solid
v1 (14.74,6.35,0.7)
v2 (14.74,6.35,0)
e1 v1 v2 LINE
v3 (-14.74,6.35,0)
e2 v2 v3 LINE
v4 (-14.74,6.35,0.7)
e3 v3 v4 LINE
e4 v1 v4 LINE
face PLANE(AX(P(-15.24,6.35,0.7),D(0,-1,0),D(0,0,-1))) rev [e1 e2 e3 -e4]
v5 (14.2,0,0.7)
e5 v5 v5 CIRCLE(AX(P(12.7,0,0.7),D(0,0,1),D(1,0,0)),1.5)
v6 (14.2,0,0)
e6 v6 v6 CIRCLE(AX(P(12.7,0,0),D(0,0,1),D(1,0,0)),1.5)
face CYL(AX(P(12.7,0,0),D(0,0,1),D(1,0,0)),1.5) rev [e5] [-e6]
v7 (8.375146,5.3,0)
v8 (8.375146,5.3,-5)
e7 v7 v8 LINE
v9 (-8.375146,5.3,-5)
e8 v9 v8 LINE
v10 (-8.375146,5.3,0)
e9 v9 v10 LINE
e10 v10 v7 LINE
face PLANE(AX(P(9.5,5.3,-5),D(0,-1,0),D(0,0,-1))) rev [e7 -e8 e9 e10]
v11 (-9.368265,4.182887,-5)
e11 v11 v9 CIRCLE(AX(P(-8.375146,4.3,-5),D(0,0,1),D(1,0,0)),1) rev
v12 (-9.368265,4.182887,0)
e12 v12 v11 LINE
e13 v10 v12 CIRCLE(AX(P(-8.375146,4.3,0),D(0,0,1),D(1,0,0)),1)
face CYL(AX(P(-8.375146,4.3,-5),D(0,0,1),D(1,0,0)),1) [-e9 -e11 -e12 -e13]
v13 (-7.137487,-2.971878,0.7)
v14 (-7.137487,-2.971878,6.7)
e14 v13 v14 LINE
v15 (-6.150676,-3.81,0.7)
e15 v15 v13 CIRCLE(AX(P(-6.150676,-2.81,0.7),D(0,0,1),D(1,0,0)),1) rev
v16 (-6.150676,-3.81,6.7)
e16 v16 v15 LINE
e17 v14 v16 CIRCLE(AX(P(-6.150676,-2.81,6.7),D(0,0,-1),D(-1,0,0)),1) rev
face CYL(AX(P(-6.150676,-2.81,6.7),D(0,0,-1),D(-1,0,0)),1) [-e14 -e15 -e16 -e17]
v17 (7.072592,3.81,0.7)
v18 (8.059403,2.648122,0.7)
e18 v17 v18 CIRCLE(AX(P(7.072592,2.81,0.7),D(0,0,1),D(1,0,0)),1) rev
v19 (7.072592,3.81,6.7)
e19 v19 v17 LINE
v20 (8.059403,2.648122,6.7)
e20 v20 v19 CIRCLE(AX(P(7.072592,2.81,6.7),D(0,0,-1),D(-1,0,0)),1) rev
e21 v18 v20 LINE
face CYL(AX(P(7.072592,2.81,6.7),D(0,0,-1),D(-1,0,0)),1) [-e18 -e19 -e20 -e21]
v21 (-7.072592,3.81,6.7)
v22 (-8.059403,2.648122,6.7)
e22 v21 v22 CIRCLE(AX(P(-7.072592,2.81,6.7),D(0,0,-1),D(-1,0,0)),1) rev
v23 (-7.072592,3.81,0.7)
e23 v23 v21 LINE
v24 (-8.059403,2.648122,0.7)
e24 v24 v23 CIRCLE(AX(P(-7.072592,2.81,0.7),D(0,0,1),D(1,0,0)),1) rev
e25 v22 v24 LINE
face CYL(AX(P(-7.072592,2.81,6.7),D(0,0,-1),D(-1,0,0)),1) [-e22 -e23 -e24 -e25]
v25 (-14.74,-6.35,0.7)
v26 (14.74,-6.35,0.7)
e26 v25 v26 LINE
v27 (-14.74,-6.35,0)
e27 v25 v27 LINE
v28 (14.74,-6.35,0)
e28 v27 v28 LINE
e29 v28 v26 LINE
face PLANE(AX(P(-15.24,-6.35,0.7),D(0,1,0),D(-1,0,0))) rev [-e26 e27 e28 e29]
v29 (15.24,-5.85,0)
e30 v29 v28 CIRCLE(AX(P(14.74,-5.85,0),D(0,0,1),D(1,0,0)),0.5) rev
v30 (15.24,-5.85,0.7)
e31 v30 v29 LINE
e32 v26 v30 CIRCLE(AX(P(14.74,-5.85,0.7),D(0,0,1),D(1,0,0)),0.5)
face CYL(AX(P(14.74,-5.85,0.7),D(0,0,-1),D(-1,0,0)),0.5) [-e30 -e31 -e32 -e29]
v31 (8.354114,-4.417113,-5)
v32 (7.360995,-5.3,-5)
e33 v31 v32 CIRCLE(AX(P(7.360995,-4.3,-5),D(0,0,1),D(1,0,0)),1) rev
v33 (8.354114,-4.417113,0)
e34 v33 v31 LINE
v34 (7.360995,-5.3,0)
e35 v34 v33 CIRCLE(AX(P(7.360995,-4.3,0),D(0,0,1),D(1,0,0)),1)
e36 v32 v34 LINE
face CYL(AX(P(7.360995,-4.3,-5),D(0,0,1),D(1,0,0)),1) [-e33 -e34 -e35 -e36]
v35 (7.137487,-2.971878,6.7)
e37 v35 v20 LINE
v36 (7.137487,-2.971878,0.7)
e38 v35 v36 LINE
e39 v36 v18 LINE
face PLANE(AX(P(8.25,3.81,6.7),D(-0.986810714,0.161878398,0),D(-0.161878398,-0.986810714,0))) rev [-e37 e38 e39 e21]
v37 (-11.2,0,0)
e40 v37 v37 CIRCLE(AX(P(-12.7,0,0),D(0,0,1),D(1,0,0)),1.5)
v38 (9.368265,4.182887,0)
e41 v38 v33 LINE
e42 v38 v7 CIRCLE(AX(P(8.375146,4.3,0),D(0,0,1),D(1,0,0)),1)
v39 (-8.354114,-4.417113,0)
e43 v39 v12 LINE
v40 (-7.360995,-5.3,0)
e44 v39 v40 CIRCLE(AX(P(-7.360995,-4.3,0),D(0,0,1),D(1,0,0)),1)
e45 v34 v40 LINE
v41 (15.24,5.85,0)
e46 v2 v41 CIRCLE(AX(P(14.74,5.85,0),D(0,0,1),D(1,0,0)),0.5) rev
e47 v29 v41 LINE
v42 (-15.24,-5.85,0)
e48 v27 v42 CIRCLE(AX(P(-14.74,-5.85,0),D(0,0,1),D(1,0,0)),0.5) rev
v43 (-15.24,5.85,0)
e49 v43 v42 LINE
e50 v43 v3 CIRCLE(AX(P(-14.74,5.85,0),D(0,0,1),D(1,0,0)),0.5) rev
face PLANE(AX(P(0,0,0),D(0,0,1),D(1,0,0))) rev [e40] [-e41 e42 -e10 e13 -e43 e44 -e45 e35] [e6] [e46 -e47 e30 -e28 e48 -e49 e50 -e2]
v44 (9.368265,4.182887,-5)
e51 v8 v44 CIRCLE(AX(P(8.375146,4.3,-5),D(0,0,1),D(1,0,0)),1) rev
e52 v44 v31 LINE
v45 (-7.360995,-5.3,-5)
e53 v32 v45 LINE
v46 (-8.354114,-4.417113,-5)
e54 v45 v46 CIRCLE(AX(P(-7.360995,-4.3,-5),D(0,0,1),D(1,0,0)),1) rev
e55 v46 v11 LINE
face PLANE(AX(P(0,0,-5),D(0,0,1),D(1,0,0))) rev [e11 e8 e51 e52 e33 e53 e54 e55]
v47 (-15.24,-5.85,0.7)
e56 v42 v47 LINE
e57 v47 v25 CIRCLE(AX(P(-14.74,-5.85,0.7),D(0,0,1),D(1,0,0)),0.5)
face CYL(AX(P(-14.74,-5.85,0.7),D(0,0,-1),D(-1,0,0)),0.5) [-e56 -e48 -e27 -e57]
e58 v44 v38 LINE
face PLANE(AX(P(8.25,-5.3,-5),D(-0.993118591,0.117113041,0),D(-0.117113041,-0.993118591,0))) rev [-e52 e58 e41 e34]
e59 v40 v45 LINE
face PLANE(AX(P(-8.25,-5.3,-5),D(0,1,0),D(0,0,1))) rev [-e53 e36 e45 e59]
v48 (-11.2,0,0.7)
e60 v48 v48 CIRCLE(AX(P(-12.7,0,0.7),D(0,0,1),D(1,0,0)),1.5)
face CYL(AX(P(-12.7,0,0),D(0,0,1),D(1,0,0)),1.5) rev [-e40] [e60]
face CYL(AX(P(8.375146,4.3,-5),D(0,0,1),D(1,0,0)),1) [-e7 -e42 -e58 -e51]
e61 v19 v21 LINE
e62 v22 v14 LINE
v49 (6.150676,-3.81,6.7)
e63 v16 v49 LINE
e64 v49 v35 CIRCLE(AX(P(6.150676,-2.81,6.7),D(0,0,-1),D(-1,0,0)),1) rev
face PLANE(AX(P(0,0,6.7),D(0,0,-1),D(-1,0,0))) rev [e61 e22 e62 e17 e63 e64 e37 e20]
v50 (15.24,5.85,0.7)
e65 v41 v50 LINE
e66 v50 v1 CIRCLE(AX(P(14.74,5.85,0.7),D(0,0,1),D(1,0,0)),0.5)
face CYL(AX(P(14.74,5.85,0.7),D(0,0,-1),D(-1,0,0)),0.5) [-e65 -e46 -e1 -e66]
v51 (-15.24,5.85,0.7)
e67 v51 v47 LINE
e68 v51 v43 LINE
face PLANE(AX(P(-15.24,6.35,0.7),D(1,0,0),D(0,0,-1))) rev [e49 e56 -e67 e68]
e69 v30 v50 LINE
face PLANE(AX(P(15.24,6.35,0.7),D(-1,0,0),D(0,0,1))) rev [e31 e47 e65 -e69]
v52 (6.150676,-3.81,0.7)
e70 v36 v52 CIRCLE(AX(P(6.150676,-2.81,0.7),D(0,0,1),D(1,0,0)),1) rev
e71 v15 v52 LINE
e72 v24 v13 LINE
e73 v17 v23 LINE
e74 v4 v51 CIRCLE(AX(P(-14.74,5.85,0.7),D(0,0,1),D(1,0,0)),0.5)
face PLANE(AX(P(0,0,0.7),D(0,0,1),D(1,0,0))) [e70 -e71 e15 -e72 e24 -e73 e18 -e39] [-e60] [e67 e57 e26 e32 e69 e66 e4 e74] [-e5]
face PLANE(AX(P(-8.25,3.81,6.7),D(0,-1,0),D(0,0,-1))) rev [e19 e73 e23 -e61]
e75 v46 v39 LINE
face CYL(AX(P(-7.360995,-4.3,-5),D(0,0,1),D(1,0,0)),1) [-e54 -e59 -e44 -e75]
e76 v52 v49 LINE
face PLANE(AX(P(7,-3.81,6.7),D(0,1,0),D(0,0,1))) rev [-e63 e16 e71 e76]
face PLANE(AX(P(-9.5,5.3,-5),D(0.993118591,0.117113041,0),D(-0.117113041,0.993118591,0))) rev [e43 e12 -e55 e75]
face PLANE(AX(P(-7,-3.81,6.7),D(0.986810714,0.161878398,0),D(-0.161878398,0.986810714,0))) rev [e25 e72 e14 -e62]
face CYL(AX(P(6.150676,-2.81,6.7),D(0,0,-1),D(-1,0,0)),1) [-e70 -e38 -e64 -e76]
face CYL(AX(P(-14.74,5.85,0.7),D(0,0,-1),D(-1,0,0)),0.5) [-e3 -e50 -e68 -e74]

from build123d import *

# Parameters (mm, degrees)
ESQUISSE1_W             = 30.48
ESQUISSE1_H             = 12.7
BOSS_EXTRU_1_DEPTH      = 0.7
CONG_1_R                = 0.5
ESQUISSE2_R             = 1.5
ENL_V_MAT_EXTRU_1_DEPTH = 1.7
BOSS_EXTRU_2_DEPTH      = 6
CONG_2_R                = 1
BOSS_EXTRU_3_DEPTH      = 5
CONG_3_R                = 1


with BuildPart() as part:
    # Esquisse1 → Boss.-Extru.1 (new body)
    with BuildSketch(Plane.XY):
        Rectangle(ESQUISSE1_W, ESQUISSE1_H)
    extrude(amount=BOSS_EXTRU_1_DEPTH)

    # Congé1
    cong_1_edges = [part.edges().sort_by_distance(p)[0] for p in [
        (-15.24, 6.35, 0.35),
        (15.24, 6.35, 0.35),
        (15.24, -6.35, 0.35),
        (-15.24, -6.35, 0.35),
    ]]
    fillet(cong_1_edges, radius=CONG_1_R)

    # Esquisse2 → Enlèv. mat.-Extru.1 (cut, through all)
    with BuildSketch(Plane.XY.offset(0.7)):
        with Locations((-12.7, 0)):
            Circle(ESQUISSE2_R)
        with Locations((12.7, 0)):
            Circle(ESQUISSE2_R)
    extrude(amount=-ENL_V_MAT_EXTRU_1_DEPTH, mode=Mode.SUBTRACT)

    # Esquisse3 → Boss.-Extru.2 (add)
    with BuildSketch(Plane.XY.offset(0.7)):
        Polygon((-8.25, 3.81), (8.25, 3.81), (7, -3.81), (-7, -3.81), align=None)
    extrude(amount=BOSS_EXTRU_2_DEPTH)

    # Congé2
    cong_2_edges = [part.edges().sort_by_distance(p)[0] for p in [
        (-8.25, 3.81, 3.7),
        (-7, -3.81, 3.7),
        (7, -3.81, 3.7),
        (8.25, 3.81, 3.7),
    ]]
    fillet(cong_2_edges, radius=CONG_2_R)

    # Esquisse4 → Boss.-Extru.3 (add)
    with BuildSketch(Plane(origin=(0, 0, 0), x_dir=(-1, 0, 0), z_dir=(0, 0, -1))):
        Polygon((-9.5, 5.3), (9.5, 5.3), (8.25, -5.3), (-8.25, -5.3), align=None)
    extrude(amount=BOSS_EXTRU_3_DEPTH)

    # Congé3
    cong_3_edges = [part.edges().sort_by_distance(p)[0] for p in [
        (9.5, 5.3, -2.5),
        (8.25, -5.3, -2.5),
        (-8.25, -5.3, -2.5),
        (-9.5, 5.3, -2.5),
    ]]
    fillet(cong_3_edges, radius=CONG_3_R)


solid = part.part
